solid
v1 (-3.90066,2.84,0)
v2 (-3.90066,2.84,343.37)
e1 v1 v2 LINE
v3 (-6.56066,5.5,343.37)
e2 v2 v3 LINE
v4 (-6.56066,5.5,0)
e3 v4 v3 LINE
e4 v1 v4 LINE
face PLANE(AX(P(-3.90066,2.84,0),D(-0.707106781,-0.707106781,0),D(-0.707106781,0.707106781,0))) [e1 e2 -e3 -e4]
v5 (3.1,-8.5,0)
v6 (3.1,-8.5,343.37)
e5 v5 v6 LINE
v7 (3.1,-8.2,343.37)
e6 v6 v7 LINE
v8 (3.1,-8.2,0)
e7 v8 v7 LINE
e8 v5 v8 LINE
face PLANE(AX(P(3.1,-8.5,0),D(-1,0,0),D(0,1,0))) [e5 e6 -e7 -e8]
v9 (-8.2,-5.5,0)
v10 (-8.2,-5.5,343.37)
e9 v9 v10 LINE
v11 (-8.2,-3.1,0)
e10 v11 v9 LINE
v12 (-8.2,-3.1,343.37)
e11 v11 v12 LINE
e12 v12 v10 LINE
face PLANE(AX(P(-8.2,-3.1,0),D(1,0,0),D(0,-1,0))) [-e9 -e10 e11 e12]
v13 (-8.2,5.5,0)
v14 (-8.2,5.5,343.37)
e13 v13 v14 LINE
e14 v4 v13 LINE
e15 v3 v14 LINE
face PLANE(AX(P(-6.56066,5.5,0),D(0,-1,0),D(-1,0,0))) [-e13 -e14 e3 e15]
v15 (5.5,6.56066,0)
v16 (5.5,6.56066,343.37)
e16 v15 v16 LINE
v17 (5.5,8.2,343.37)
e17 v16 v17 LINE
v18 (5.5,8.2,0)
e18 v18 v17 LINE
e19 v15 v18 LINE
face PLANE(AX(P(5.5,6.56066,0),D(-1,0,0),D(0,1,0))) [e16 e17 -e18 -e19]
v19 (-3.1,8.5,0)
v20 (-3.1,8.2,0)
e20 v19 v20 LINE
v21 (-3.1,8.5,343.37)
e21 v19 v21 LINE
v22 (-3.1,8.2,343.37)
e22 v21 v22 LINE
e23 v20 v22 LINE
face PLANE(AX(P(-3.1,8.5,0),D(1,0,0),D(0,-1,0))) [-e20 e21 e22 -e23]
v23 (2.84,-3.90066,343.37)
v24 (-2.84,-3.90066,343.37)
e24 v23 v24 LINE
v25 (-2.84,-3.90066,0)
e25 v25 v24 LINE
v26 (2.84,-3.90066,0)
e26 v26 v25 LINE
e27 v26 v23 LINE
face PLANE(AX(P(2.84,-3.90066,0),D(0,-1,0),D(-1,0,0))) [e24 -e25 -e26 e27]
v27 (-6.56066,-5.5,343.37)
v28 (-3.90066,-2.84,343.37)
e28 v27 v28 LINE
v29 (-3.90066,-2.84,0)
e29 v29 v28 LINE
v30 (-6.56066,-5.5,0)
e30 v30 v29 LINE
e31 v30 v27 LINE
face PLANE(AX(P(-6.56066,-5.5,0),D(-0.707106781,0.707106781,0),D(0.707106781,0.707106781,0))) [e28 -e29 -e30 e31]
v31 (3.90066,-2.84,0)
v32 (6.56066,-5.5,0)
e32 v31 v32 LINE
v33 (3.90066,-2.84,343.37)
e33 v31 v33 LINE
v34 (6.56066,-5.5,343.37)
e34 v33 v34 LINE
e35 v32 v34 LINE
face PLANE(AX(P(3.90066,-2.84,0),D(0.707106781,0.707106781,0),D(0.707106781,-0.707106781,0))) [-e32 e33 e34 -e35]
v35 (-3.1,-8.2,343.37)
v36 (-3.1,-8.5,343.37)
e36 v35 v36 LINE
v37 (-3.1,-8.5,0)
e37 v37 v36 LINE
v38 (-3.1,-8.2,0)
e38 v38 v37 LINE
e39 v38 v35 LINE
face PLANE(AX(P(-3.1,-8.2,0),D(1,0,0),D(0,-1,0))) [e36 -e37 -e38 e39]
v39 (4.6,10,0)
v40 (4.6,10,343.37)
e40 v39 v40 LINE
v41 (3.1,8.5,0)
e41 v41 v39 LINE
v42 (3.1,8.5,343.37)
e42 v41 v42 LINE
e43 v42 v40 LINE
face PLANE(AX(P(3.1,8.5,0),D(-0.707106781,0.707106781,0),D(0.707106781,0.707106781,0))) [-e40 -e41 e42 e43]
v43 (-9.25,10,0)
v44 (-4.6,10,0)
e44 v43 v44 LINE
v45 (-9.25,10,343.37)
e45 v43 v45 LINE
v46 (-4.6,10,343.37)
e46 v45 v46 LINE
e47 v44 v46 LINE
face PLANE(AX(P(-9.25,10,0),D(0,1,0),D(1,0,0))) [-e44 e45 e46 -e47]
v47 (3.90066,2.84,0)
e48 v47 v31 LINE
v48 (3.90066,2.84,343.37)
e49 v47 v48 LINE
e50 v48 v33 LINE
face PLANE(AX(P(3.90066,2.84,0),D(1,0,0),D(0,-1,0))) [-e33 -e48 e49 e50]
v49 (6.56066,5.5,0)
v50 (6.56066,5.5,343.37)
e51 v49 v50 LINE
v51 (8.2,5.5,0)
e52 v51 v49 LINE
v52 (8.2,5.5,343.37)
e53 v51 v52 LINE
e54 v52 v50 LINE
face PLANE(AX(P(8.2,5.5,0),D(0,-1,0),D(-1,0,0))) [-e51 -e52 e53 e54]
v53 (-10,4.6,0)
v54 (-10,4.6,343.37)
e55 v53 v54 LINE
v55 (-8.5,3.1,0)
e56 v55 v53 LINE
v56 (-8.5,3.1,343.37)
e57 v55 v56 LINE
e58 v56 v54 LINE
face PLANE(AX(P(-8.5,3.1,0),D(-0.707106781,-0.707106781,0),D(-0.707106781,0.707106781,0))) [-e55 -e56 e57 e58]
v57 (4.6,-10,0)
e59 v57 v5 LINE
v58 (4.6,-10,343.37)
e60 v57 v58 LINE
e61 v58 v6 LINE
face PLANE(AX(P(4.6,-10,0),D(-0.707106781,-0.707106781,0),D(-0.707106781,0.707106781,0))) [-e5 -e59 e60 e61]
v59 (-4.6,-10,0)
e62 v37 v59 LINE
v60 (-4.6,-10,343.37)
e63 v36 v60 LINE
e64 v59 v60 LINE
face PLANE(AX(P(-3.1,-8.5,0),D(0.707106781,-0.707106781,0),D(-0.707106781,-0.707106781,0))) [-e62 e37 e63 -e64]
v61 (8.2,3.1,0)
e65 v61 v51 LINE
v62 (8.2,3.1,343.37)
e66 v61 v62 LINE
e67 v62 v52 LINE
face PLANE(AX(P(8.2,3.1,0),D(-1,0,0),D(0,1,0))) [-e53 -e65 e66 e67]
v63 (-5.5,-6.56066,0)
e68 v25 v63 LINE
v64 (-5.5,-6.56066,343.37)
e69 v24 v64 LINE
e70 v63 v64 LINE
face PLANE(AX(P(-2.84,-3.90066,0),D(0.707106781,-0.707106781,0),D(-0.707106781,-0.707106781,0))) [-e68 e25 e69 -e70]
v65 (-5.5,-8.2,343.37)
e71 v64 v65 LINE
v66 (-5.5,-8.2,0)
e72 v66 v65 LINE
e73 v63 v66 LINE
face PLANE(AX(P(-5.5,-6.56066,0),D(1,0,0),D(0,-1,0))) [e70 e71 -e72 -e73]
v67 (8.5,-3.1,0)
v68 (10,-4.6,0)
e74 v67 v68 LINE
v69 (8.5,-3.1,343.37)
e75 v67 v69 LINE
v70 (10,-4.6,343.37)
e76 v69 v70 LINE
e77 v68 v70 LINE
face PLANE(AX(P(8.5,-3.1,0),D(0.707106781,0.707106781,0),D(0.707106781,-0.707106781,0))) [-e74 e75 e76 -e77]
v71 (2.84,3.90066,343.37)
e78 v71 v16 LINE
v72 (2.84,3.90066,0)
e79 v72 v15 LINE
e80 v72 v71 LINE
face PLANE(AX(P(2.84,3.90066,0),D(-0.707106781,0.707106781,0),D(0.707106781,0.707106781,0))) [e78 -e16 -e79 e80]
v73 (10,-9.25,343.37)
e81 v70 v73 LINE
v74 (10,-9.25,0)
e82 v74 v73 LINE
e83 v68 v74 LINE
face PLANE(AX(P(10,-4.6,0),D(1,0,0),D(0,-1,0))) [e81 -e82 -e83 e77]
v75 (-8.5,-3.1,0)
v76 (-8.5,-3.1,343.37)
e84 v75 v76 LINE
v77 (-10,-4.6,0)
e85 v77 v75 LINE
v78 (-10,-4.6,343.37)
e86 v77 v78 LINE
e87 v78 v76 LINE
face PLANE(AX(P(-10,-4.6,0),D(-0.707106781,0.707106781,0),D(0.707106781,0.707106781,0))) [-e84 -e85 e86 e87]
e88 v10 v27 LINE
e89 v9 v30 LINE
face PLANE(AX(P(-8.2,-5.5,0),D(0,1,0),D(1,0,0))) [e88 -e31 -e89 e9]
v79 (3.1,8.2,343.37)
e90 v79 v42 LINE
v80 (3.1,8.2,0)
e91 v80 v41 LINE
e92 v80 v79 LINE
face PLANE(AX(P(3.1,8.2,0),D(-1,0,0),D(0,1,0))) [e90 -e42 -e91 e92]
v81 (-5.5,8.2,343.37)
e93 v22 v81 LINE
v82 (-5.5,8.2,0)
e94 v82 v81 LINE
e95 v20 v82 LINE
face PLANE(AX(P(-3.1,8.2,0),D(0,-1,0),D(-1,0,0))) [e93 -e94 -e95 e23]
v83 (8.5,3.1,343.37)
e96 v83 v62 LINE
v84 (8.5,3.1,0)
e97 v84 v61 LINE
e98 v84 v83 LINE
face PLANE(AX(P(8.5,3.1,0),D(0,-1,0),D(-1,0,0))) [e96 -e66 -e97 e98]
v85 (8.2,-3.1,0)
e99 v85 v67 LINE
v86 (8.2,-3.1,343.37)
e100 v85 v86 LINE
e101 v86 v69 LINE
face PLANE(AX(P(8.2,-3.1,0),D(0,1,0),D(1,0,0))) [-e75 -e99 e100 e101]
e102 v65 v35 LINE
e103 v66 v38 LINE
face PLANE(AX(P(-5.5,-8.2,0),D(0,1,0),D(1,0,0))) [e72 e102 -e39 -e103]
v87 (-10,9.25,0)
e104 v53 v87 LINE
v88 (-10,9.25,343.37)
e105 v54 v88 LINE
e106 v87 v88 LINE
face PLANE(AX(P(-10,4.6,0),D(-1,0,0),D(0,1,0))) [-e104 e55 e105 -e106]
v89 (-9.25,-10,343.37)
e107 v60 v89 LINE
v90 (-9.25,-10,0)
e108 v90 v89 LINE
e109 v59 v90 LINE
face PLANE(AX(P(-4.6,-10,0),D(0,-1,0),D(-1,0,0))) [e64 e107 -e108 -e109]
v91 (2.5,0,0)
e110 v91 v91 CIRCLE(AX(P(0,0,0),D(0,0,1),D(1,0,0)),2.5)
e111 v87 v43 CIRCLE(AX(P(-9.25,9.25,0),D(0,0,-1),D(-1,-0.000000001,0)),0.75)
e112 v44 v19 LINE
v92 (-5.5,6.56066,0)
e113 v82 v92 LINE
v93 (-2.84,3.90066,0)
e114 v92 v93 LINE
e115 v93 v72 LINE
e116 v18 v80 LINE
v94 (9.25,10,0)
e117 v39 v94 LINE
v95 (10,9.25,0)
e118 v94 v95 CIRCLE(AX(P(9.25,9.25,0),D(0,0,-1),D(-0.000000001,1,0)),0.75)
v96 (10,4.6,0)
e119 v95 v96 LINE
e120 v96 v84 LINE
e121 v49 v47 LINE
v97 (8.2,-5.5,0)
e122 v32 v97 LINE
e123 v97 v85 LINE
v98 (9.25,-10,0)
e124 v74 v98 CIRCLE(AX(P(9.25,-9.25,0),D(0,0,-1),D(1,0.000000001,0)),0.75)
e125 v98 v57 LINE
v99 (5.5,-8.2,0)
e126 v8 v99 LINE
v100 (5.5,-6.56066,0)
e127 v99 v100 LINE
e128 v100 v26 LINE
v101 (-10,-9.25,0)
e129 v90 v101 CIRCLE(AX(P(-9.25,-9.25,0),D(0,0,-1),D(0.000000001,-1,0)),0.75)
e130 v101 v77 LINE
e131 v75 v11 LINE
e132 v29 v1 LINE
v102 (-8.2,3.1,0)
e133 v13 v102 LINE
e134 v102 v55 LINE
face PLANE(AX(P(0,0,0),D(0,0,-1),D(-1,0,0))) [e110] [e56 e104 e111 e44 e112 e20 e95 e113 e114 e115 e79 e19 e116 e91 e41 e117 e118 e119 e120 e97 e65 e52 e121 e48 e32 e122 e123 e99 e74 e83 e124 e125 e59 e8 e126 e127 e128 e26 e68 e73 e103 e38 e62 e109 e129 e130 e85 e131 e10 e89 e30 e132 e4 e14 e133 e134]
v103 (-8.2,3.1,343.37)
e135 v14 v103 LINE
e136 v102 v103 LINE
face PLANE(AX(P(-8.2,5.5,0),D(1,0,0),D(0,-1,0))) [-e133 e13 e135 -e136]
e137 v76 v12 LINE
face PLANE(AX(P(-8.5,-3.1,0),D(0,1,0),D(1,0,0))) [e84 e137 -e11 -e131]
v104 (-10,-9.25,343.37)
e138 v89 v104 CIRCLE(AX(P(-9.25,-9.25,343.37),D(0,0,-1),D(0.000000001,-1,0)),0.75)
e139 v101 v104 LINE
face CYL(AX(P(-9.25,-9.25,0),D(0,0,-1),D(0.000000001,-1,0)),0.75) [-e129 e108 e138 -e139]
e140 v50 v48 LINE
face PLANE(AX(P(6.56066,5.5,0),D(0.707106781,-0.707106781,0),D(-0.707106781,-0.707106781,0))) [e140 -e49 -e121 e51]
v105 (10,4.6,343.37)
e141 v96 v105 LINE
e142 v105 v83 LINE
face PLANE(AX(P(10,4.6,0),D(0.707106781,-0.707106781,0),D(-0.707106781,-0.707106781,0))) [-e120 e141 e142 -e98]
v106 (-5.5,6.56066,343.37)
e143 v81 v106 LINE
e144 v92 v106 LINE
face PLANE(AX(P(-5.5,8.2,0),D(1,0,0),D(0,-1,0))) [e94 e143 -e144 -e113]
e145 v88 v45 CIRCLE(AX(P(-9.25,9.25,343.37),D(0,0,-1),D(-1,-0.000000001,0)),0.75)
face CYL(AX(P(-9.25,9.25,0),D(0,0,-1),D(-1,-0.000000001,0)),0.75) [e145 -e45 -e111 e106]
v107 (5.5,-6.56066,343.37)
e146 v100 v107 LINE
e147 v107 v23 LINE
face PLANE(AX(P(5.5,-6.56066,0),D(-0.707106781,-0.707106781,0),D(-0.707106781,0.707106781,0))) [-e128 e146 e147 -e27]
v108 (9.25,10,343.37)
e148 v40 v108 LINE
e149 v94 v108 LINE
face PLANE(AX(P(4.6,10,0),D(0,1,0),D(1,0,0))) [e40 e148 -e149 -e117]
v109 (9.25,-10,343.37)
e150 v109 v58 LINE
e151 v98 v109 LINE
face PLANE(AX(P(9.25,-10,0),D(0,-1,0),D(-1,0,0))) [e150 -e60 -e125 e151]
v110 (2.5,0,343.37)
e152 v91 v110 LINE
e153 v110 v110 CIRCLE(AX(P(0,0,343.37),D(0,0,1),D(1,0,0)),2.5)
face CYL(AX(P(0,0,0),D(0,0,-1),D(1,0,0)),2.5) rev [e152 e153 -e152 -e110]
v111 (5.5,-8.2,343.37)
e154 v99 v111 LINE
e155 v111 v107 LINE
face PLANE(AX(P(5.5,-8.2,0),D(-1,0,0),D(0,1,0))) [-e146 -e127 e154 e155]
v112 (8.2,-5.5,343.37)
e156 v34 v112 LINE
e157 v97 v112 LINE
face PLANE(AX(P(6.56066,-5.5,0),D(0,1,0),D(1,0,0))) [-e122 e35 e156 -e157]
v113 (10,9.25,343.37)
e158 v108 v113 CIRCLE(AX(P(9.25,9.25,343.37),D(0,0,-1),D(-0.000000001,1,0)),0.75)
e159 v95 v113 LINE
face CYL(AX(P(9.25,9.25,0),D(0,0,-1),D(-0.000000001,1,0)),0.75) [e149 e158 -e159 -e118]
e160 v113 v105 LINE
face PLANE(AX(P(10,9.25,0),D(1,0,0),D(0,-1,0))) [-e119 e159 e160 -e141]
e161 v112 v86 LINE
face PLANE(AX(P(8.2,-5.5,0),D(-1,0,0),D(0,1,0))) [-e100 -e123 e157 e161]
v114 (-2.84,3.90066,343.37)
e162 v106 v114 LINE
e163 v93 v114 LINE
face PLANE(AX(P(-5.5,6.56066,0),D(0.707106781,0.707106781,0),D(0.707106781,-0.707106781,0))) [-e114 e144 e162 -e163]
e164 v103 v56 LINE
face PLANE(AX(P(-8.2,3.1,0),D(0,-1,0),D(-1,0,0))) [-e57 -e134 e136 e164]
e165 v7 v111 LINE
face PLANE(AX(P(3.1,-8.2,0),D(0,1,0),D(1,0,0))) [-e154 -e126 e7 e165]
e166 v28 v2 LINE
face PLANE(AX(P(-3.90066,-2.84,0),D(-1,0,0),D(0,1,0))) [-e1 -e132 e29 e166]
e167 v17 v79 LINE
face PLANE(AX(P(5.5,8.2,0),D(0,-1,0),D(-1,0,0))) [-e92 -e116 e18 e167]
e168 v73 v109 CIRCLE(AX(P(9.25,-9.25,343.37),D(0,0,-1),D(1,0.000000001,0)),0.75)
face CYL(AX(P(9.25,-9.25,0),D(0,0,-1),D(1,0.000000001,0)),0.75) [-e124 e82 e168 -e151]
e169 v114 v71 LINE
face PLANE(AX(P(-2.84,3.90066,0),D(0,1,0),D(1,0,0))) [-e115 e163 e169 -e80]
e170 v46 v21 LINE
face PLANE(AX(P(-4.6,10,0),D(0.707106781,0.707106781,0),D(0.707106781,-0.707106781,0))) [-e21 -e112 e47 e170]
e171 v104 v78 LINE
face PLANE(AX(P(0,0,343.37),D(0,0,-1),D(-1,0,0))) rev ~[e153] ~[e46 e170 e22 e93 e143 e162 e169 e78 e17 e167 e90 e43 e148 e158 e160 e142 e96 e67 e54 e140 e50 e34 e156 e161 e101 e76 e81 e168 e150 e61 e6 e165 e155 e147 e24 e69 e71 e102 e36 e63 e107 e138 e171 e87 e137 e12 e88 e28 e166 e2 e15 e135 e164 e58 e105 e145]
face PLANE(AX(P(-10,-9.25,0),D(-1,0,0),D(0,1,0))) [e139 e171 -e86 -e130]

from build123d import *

# Parameters (mm, degrees)
CROQUIS1_R              = 2.5
SALIENTE_EXTRUIR1_DEPTH = 343.37


with BuildPart() as part:
    # Croquis1 → Saliente-Extruir1 (new body)
    with BuildSketch(Plane.XY):
        with BuildLine():
            Line((-4.6, 10), (-3.1, 8.5))
            Line((-3.1, 8.5), (-3.1, 8.2))
            Line((-3.1, 8.2), (-5.5, 8.2))
            Line((-5.5, 8.2), (-5.5, 6.560660172))
            Line((-5.5, 6.560660172), (-2.84, 3.900660172))
            Line((-2.84, 3.900660172), (0, 3.900660172))
            Line((0, 3.900660172), (2.84, 3.900660172))
            Line((2.84, 3.900660172), (5.5, 6.560660172))
            Line((5.5, 6.560660172), (5.5, 8.2))
            Line((5.5, 8.2), (3.1, 8.2))
            Line((3.1, 8.2), (3.1, 8.5))
            Line((3.1, 8.5), (4.6, 10))
            Line((4.6, 10), (9.25, 10))
            ThreePointArc((9.25, 10), (9.780330086, 9.780330086), (10, 9.25))
            Line((10, 9.25), (10, 4.6))
            Line((10, 4.6), (8.5, 3.1))
            Line((8.5, 3.1), (8.2, 3.1))
            Line((8.2, 3.1), (8.2, 5.5))
            Line((8.2, 5.5), (6.560660172, 5.5))
            Line((6.560660172, 5.5), (3.900660172, 2.84))
            Line((3.900660172, 2.84), (3.900660172, 0))
            Line((3.900660172, 0), (3.900660172, -2.84))
            Line((3.900660172, -2.84), (6.560660172, -5.5))
            Line((6.560660172, -5.5), (8.2, -5.5))
            Line((8.2, -5.5), (8.2, -3.1))
            Line((8.2, -3.1), (8.5, -3.1))
            Line((8.5, -3.1), (10, -4.6))
            Line((10, -4.6), (10, -9.25))
            ThreePointArc((10, -9.25), (9.780330086, -9.780330086), (9.25, -10))
            Line((9.25, -10), (4.6, -10))
            Line((4.6, -10), (3.1, -8.5))
            Line((3.1, -8.5), (3.1, -8.2))
            Line((3.1, -8.2), (5.5, -8.2))
            Line((5.5, -8.2), (5.5, -6.560660172))
            Line((5.5, -6.560660172), (2.84, -3.900660172))
            Line((2.84, -3.900660172), (0, -3.900660172))
            Line((0, -3.900660172), (-2.84, -3.900660172))
            Line((-2.84, -3.900660172), (-5.5, -6.560660172))
            Line((-5.5, -6.560660172), (-5.5, -8.2))
            Line((-5.5, -8.2), (-3.1, -8.2))
            Line((-3.1, -8.2), (-3.1, -8.5))
            Line((-3.1, -8.5), (-4.6, -10))
            Line((-4.6, -10), (-9.25, -10))
            ThreePointArc((-9.25, -10), (-9.780330086, -9.780330086), (-10, -9.25))
            Line((-10, -9.25), (-10, -4.6))
            Line((-10, -4.6), (-8.5, -3.1))
            Line((-8.5, -3.1), (-8.2, -3.1))
            Line((-8.2, -3.1), (-8.2, -5.5))
            Line((-8.2, -5.5), (-6.560660172, -5.5))
            Line((-6.560660172, -5.5), (-3.900660172, -2.84))
            Line((-3.900660172, -2.84), (-3.900660172, 0))
            Line((-3.900660172, 0), (-3.900660172, 2.84))
            Line((-3.900660172, 2.84), (-6.560660172, 5.5))
            Line((-6.560660172, 5.5), (-8.2, 5.5))
            Line((-8.2, 5.5), (-8.2, 3.1))
            Line((-8.2, 3.1), (-8.5, 3.1))
            Line((-8.5, 3.1), (-10, 4.6))
            Line((-10, 4.6), (-10, 9.25))
            ThreePointArc((-10, 9.25), (-9.780330086, 9.780330086), (-9.25, 10))
            Line((-9.25, 10), (-4.6, 10))
        make_face()
        Circle(CROQUIS1_R, mode=Mode.SUBTRACT)
    extrude(amount=SALIENTE_EXTRUIR1_DEPTH)


solid = part.part
